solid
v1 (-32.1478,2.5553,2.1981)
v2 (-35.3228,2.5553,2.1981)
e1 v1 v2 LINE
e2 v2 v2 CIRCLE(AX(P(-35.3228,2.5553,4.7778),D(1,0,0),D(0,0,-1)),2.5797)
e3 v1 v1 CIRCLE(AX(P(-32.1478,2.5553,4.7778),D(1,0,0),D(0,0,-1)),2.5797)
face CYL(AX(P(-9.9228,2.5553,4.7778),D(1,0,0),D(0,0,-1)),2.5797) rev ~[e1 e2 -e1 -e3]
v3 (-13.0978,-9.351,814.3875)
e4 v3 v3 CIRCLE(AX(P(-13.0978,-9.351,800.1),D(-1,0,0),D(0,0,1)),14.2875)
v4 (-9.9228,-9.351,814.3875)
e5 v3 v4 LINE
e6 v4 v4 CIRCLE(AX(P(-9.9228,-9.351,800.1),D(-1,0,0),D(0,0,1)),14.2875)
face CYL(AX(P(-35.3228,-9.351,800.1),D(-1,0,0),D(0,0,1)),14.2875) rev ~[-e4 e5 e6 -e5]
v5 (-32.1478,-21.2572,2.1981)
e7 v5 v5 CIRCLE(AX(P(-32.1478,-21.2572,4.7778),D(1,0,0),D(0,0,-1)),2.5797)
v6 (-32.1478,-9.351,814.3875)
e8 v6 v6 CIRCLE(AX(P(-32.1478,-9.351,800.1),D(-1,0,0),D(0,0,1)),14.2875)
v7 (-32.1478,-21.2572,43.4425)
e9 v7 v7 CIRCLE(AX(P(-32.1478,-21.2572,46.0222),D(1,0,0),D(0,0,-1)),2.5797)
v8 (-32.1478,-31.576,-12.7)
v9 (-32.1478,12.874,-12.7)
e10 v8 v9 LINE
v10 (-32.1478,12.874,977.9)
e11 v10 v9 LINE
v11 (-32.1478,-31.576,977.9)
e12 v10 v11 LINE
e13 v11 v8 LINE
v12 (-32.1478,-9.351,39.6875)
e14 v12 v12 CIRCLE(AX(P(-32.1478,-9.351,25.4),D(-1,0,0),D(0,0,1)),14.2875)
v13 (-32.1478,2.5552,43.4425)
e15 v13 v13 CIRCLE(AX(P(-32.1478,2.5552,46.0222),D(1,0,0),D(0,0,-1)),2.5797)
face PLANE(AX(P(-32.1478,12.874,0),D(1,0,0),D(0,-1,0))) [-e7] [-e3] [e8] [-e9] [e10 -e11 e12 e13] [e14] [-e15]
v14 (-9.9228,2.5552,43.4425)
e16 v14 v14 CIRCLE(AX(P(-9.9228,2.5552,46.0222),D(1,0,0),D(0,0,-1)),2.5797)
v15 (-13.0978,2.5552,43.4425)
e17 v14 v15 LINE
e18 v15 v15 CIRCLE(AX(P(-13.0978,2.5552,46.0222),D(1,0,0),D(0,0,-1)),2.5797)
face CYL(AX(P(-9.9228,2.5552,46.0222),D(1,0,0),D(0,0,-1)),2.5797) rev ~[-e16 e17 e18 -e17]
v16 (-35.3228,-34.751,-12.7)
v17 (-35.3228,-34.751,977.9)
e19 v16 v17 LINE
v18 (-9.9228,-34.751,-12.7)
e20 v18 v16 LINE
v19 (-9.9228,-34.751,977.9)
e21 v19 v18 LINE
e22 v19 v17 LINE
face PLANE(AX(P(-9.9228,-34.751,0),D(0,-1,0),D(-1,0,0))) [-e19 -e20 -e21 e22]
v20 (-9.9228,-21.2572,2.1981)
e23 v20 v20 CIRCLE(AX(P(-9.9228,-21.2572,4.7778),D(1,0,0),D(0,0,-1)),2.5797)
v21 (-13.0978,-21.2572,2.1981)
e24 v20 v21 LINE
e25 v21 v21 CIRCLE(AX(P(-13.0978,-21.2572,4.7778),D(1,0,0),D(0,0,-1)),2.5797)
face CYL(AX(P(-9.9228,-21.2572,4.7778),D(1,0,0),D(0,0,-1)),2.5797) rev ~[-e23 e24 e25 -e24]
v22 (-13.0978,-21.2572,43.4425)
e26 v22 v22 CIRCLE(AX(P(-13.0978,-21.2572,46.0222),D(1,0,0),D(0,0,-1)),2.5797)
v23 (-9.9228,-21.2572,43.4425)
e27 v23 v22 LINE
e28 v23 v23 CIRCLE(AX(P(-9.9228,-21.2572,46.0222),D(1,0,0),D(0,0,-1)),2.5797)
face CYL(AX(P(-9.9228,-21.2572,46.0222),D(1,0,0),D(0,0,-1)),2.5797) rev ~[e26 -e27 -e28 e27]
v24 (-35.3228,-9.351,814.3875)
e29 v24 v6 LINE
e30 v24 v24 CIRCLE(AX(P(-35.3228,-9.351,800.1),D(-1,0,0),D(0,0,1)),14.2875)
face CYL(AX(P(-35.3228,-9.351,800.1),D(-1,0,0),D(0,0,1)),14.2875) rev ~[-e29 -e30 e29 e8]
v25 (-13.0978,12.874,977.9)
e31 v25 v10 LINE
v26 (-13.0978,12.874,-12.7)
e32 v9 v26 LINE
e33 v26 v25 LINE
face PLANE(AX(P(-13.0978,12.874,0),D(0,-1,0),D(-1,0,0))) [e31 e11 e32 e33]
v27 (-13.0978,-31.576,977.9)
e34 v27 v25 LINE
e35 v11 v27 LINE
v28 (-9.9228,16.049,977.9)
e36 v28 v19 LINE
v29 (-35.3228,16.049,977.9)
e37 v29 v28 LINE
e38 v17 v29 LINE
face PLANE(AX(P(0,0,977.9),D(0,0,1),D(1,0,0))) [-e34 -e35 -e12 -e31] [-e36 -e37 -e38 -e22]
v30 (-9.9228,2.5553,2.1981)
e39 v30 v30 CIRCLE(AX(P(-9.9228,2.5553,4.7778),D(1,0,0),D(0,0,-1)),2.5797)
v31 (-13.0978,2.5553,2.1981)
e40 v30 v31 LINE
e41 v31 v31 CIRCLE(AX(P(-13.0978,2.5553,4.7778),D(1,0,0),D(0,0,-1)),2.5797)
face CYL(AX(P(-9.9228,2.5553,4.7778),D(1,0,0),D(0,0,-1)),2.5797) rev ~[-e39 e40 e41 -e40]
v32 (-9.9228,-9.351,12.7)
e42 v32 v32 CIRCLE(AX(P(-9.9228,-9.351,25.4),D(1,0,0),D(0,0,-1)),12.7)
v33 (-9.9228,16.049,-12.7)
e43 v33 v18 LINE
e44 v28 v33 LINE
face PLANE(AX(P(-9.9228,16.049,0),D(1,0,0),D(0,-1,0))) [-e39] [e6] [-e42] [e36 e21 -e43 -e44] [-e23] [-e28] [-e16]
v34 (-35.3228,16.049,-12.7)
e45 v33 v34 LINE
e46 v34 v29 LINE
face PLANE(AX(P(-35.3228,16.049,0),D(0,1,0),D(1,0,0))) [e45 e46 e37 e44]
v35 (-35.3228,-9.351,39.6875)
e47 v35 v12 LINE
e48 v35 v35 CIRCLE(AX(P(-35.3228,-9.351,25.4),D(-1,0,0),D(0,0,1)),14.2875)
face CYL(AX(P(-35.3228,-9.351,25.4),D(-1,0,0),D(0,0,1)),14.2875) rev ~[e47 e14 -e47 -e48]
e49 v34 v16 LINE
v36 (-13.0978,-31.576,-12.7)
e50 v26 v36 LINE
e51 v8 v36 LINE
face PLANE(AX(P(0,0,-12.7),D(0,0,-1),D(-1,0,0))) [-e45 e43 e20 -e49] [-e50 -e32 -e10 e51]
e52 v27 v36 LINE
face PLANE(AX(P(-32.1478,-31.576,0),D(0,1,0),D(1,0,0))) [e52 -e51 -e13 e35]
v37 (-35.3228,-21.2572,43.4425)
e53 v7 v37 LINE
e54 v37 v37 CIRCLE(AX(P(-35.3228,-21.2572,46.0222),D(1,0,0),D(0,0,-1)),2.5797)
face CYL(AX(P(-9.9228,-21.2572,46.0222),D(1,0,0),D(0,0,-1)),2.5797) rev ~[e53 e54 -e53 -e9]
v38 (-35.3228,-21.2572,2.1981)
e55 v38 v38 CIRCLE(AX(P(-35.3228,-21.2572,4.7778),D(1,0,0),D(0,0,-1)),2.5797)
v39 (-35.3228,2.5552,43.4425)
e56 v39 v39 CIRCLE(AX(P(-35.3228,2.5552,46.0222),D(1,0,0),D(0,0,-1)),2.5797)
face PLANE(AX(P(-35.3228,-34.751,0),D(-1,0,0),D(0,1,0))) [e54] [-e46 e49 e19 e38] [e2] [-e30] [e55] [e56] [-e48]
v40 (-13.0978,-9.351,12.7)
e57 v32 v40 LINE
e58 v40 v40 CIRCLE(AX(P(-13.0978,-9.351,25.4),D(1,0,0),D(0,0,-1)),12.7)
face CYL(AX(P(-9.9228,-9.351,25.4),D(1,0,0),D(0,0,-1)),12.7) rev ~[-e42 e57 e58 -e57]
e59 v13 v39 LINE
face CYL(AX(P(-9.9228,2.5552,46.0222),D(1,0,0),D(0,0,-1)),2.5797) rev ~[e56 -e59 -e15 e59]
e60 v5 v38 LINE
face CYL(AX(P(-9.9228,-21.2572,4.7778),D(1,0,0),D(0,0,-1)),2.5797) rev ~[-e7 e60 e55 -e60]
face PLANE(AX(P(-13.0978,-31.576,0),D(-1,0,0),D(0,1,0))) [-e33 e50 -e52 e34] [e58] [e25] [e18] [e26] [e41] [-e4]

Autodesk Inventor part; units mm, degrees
ref_plane "YZ Plane" through (0, 0, 0) normal (1, 0, 0) x (0, 1, 0)
ref_plane "XZ Plane" through (0, 0, 0) normal (0, 1, 0) x (-1, 0, 0)
ref_plane "XY Plane" through (0, 0, 0) normal (0, 0, 1) x (1, 0, 0)
sketch "Sketch1" plane through (0, 0, 0) normal (0, 0, 1) x (1, 0, 0)
  line L0 (-35.3228, 16.049) -> (-9.9228, 16.049)
  line L1 (-9.9228, 16.049) -> (-9.9228, -34.751)
  line L2 (-9.9228, -34.751) -> (-35.3228, -34.751)
  line L3 (-35.3228, -34.751) -> (-35.3228, 16.049)
  line L4 (-13.0978, 12.874) -> (-32.1478, 12.874)
  line L5 (-32.1478, 12.874) -> (-32.1478, -31.576)
  line L6 (-32.1478, -31.576) -> (-13.0978, -31.576)
  line L7 (-13.0978, -31.576) -> (-13.0978, 12.874)
  point P0 (0, 0)
  dimension "d0" = 25.4
  dimension "d1" = 50.8
  dimension "d2" = 3.175
extrude "Extrusion1" add sketch "Sketch1" along normal blind 977.9
sketch "Sketch2" plane through (-35.3228, -34.751, 0) normal (-1, 0, 0) x (0, 0, 1)
  line L0 (0, 0) -> (0, 50.8) construction
  line L1 (0, 25.4) -> (25.4, 25.4) construction
  circle A0 centre (25.4, 25.4) radius 14.2875
  point P0 (0, 34.751)
  dimension "d5" = 25.4
  dimension "d9" = 28.575
extrude "Extrusion2" cut sketch "Sketch2" against normal blind 12.7
sketch "Sketch3" plane through (-35.3228, -34.751, 0) normal (-1, 0, 0) x (0, 0, 1)
  line L0 (977.9, 50.8) -> (977.9, 0) construction
  line L1 (977.9, 25.4) -> (800.1, 25.4) construction
  circle A0 centre (800.1, 25.4) radius 14.2875
  point P0 (0, 34.751)
  dimension "d10" = 177.8
  dimension "d11" = 28.575
extrude "Extrusion3" cut sketch "Sketch3" against normal blind 25.4
sketch "Sketch7" plane through (-9.9228, -34.751, 0) normal (1, 0, 0) x (0, 0, -1)
  line L0 (0, 0) -> (0, 50.8) construction
  line L1 (0, 25.4) -> (-25.4, 25.4) construction
  circle A0 centre (-25.4, 25.4) radius 12.7
  point P0 (0, 34.751)
  dimension "d34" = 25.4
  dimension "d35" = 25.4
extrude "Extrusion7" cut sketch "Sketch7" against normal blind 12.7
sketch "Sketch9" plane through (-9.9228, -34.751, 0) normal (1, 0, 0) x (0, 0, -1)
  circle A0 centre (-25.4, 25.4) radius 12.7 construction
  line L0 (-25.4, 25.4) -> (-25.4, 49.2125) construction
  line L1 (-25.4, 49.2125) -> (-4.7778, 37.3063) construction
  line L2 (-4.7778, 37.3063) -> (-4.7778, 13.4938) construction
  line L3 (-4.7778, 13.4938) -> (-25.4, 1.5875) construction
  line L4 (-25.4, 1.5875) -> (-46.0222, 13.4937) construction
  line L5 (-46.0222, 13.4937) -> (-46.0222, 37.3062) construction
  line L6 (-46.0222, 37.3062) -> (-25.4, 49.2125) construction
  circle A1 centre (-4.7778, 37.3063) radius 2.5797
  circle A2 centre (-4.7778, 13.4938) radius 2.5797
  circle A3 centre (-46.0222, 13.4938) radius 2.5797
  circle A4 centre (-46.0222, 37.3062) radius 2.5797
  point P0 (0, 34.751)
  dimension "d44" = 23.8125
  dimension "d45" = 5.1594
  dimension "d46" = 5.1594
  dimension "d47" = 5.1594
  dimension "d48" = 5.1594
extrude "Extrusion9" cut sketch "Sketch9" against normal blind 25.4
sketch "Sketch10" plane through (0, 0, 0) normal (0, 0, -1) x (-1, 0, 0)
  line L0 (35.3228, 16.049) -> (9.9228, 16.049) projected
  line L1 (9.9228, 16.049) -> (13.0978, 16.049)
  line L2 (13.0978, 16.049) -> (13.0978, -34.751)
  line L3 (13.0978, -34.751) -> (9.9228, -34.751)
  line L4 (9.9228, -34.751) -> (9.9228, 16.049)
  line L5 (9.9228, -34.751) -> (35.3228, -34.751) projected
  line L6 (9.9228, -34.751) -> (35.3228, -34.751)
  line L7 (35.3228, -34.751) -> (35.3228, -31.576)
  line L8 (35.3228, -31.576) -> (9.9228, -31.576)
  line L9 (9.9228, -31.576) -> (9.9228, -34.751)
  line L10 (35.3228, -34.751) -> (32.1478, -34.751)
  line L11 (32.1478, -34.751) -> (32.1478, 16.049)
  line L12 (32.1478, 16.049) -> (35.3228, 16.049)
  line L13 (35.3228, 16.049) -> (35.3228, -34.751)
  line L14 (9.9228, 16.049) -> (35.3228, 16.049)
  line L15 (35.3228, 16.049) -> (35.3228, 12.874)
  line L16 (35.3228, 12.874) -> (9.9228, 12.874)
  line L17 (9.9228, 12.874) -> (9.9228, 16.049)
  point P0 (0, 0)
  dimension "d51" = 3.175
  dimension "d52" = 50.8
  dimension "d53" = 25.4
  dimension "d54" = 3.175
  dimension "d55" = 3.175
  dimension "d56" = 50.8
  dimension "d57" = 25.4
  dimension "d58" = 3.175
extrude "Extrusion10" add sketch "Sketch10" along normal blind 12.7 contours L13 L16 L11 L0 | L11 L16 L2 L0 | L13 L8 L11 L16 | L2 L16 L4 L0 | L7 L5 L11 L8 | L2 L8 L4 L16 | L11 L5 L2 L8 | L2 L3 L4 L8
properties part number "41.75in Arm Beam Alternate (Left)"
